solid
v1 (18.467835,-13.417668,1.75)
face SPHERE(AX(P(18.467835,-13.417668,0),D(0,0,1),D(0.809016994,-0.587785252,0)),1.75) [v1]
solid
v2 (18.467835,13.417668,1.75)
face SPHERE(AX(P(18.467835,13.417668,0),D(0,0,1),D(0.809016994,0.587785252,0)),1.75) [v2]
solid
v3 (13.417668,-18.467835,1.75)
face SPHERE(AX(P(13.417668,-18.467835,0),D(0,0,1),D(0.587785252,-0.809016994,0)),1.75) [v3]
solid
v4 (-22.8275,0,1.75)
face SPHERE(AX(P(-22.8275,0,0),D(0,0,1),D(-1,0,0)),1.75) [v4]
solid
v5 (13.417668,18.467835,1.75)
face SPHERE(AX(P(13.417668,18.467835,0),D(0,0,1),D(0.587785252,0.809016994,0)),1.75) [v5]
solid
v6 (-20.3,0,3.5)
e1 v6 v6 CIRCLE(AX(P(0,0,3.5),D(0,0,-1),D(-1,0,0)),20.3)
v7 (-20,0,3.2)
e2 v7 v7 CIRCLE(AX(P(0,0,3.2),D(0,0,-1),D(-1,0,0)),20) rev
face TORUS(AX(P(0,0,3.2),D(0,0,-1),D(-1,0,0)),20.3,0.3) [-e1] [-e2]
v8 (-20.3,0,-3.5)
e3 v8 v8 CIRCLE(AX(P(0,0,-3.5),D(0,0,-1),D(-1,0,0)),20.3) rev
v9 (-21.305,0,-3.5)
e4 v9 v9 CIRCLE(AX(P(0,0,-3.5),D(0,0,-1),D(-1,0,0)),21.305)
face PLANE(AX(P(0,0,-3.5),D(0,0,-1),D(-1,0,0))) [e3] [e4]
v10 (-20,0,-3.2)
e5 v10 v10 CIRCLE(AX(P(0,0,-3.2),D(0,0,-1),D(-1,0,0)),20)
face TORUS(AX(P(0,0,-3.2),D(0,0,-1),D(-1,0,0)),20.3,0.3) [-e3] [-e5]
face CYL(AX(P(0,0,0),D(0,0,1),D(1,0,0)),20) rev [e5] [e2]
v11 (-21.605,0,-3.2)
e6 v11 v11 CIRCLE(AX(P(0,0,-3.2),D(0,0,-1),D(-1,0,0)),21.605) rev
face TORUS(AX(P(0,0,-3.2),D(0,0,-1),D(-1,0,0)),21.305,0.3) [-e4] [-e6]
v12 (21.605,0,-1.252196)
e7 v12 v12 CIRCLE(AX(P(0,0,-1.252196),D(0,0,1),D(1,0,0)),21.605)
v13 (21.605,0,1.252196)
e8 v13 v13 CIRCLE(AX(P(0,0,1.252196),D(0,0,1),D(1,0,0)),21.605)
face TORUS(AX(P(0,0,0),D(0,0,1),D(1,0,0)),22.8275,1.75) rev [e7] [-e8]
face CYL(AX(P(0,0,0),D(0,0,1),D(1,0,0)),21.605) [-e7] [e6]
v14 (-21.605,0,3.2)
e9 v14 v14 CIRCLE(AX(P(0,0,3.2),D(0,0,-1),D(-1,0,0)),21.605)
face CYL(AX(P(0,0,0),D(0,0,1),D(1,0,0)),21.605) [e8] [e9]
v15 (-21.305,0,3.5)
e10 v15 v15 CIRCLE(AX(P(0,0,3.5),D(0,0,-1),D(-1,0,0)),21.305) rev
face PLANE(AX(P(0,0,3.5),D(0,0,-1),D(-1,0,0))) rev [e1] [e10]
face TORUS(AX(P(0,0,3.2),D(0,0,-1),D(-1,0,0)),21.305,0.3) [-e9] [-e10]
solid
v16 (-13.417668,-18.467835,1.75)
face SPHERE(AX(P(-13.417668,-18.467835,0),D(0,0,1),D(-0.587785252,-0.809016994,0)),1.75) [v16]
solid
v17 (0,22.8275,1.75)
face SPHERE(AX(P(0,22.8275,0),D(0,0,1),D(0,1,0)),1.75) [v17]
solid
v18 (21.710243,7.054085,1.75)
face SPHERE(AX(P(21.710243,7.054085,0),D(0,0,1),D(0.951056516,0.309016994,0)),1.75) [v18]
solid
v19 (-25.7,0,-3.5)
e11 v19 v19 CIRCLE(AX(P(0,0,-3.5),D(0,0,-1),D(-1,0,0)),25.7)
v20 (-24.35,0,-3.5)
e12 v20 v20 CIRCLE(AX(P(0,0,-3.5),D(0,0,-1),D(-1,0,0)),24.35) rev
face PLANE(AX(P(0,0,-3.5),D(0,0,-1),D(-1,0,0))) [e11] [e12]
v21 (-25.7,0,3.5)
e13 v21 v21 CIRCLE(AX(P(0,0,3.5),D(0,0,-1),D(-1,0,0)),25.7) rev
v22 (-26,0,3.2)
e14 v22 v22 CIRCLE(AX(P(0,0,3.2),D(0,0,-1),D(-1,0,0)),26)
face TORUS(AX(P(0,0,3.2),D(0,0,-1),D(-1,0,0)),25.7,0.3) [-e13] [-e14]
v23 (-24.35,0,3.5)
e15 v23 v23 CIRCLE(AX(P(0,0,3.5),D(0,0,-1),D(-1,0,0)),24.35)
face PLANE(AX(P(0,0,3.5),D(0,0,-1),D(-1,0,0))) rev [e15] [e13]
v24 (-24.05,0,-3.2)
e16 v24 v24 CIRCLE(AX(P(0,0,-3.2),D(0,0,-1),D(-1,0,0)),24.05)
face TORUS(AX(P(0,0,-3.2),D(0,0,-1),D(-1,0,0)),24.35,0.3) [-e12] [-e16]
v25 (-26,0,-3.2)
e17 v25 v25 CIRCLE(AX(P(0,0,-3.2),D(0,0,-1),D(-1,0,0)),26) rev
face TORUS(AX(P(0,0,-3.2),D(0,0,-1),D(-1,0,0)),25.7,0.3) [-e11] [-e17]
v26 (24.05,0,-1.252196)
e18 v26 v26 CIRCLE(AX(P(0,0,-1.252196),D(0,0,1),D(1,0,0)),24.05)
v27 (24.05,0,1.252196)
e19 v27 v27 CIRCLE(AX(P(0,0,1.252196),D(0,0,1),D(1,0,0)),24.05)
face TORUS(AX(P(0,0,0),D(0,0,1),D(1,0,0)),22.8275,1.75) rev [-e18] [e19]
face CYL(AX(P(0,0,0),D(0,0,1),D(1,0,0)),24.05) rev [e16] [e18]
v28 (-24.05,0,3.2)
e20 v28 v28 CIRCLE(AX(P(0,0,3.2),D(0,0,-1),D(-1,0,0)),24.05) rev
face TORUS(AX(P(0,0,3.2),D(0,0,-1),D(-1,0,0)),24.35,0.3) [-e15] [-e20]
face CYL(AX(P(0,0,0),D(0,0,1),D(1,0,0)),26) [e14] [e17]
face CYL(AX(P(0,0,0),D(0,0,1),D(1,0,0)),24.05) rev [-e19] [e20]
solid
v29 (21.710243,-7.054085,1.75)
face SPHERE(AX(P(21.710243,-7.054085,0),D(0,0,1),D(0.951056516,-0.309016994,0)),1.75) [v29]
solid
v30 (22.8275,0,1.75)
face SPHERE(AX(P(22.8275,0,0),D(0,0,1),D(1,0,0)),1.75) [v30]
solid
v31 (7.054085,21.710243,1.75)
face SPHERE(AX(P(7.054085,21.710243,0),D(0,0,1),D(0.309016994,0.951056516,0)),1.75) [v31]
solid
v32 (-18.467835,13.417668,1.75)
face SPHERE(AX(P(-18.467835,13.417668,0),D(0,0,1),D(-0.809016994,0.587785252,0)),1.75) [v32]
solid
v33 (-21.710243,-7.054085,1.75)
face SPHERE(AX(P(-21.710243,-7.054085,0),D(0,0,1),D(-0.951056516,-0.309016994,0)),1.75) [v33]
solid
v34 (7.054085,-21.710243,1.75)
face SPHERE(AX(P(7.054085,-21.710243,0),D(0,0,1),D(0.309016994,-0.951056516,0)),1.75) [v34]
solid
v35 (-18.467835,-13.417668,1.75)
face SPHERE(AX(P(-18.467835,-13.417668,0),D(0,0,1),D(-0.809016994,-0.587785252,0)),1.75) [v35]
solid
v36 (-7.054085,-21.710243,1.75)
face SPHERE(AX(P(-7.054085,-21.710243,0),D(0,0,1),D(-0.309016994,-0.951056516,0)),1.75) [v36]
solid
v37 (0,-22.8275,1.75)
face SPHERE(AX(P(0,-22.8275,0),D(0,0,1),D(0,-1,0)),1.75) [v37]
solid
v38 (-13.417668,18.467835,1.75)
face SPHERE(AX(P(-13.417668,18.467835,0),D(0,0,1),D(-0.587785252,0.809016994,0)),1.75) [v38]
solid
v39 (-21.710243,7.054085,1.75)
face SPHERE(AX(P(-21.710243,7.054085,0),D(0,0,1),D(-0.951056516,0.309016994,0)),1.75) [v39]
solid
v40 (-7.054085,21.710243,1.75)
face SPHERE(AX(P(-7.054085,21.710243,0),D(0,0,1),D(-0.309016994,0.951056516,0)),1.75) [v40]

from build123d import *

# Parameters (mm, degrees)
KREISMUSTER4_COUNT = 20
VERRUNDUNG1_R      = 0.3
VERRUNDUNG2_R      = 0.3


with BuildPart() as part:
    # Skizze1 → Rotation1 (revolve)
    with BuildSketch(Plane(origin=(0, 0, 0), x_dir=(0, 0, -1), z_dir=(1, 0, 0))):
        with BuildLine():
            Line((3.5, 26), (-3.5, 26))
            Line((-3.5, 26), (-3.5, 24.05))
            Line((-3.5, 24.05), (-1.252195572, 24.05))
            ThreePointArc((-1.252195572, 24.05), (0, 24.5775), (1.252195572, 24.05))
            Line((1.252195572, 24.05), (3.5, 24.05))
            Line((3.5, 24.05), (3.5, 26))
        make_face()
        with BuildLine():
            ThreePointArc((1.252195572, 21.605), (0, 21.0775), (-1.252195572, 21.605))
            Line((-1.252195572, 21.605), (-3.5, 21.605))
            Line((-3.5, 21.605), (-3.5, 20))
            Line((-3.5, 20), (3.5, 20))
            Line((3.5, 20), (3.5, 21.605))
            Line((3.5, 21.605), (1.252195572, 21.605))
        make_face()
    revolve(axis=Axis((0, 0, 0), (0, 0, -1)))

    # Verrundung1
    verrundung1_edges = [part.edges().sort_by_distance(p)[0] for p in [
        (0, -24.05, -3.5),
        (0, -24.05, 3.5),
        (0, -26, -3.5),
        (0, -26, 3.5),
    ]]
    fillet(verrundung1_edges, radius=VERRUNDUNG1_R)

    # Verrundung2
    verrundung2_edges = [part.edges().sort_by_distance(p)[0] for p in [
        (0, -21.605, -3.5),
        (0, -20, -3.5),
        (0, -21.605, 3.5),
        (0, -20, 3.5),
    ]]
    fillet(verrundung2_edges, radius=VERRUNDUNG2_R)


with BuildPart() as body_2:
    # Skizze1<5> → Rotation3 (revolve)
    with BuildSketch(Plane(origin=(0, 0, 0), x_dir=(0, 0, -1), z_dir=(1, 0, 0))):
        with BuildLine():
            ThreePointArc((1.252195572, 24.05), (0, 24.5775), (-1.252195572, 24.05))
            ThreePointArc((-1.252195572, 24.05), (-1.620777938, 23.487483996), (-1.75, 22.8275))
            Line((-1.75, 22.8275), (1.75, 22.8275))
            ThreePointArc((1.75, 22.8275), (1.620777938, 23.487483996), (1.252195572, 24.05))
        make_face()
    revolve(axis=Axis((0, 22.8275, 1.75), (0, 0, -1)))


with BuildPart() as kreismuster4_1:
    # Kreismuster4: pattern copy
    add(body_2.part.rotate(Axis((0, 0, -3.5), (0, 0, 1)), 1 * 360 / KREISMUSTER4_COUNT))


with BuildPart() as kreismuster4_2:
    # Kreismuster4: pattern copy
    add(body_2.part.rotate(Axis((0, 0, -3.5), (0, 0, 1)), 2 * 360 / KREISMUSTER4_COUNT))


with BuildPart() as kreismuster4_3:
    # Kreismuster4: pattern copy
    add(body_2.part.rotate(Axis((0, 0, -3.5), (0, 0, 1)), 3 * 360 / KREISMUSTER4_COUNT))


with BuildPart() as kreismuster4_4:
    # Kreismuster4: pattern copy
    add(body_2.part.rotate(Axis((0, 0, -3.5), (0, 0, 1)), 4 * 360 / KREISMUSTER4_COUNT))


with BuildPart() as kreismuster4_5:
    # Kreismuster4: pattern copy
    add(body_2.part.rotate(Axis((0, 0, -3.5), (0, 0, 1)), 5 * 360 / KREISMUSTER4_COUNT))


with BuildPart() as kreismuster4_6:
    # Kreismuster4: pattern copy
    add(body_2.part.rotate(Axis((0, 0, -3.5), (0, 0, 1)), 6 * 360 / KREISMUSTER4_COUNT))


with BuildPart() as kreismuster4_7:
    # Kreismuster4: pattern copy
    add(body_2.part.rotate(Axis((0, 0, -3.5), (0, 0, 1)), 7 * 360 / KREISMUSTER4_COUNT))


with BuildPart() as kreismuster4_8:
    # Kreismuster4: pattern copy
    add(body_2.part.rotate(Axis((0, 0, -3.5), (0, 0, 1)), 8 * 360 / KREISMUSTER4_COUNT))


with BuildPart() as kreismuster4_9:
    # Kreismuster4: pattern copy
    add(body_2.part.rotate(Axis((0, 0, -3.5), (0, 0, 1)), 9 * 360 / KREISMUSTER4_COUNT))


with BuildPart() as kreismuster4_10:
    # Kreismuster4: pattern copy
    add(body_2.part.rotate(Axis((0, 0, -3.5), (0, 0, 1)), 10 * 360 / KREISMUSTER4_COUNT))


with BuildPart() as kreismuster4_11:
    # Kreismuster4: pattern copy
    add(body_2.part.rotate(Axis((0, 0, -3.5), (0, 0, 1)), 11 * 360 / KREISMUSTER4_COUNT))


with BuildPart() as kreismuster4_12:
    # Kreismuster4: pattern copy
    add(body_2.part.rotate(Axis((0, 0, -3.5), (0, 0, 1)), 12 * 360 / KREISMUSTER4_COUNT))


with BuildPart() as kreismuster4_13:
    # Kreismuster4: pattern copy
    add(body_2.part.rotate(Axis((0, 0, -3.5), (0, 0, 1)), 13 * 360 / KREISMUSTER4_COUNT))


with BuildPart() as kreismuster4_14:
    # Kreismuster4: pattern copy
    add(body_2.part.rotate(Axis((0, 0, -3.5), (0, 0, 1)), 14 * 360 / KREISMUSTER4_COUNT))


with BuildPart() as kreismuster4_15:
    # Kreismuster4: pattern copy
    add(body_2.part.rotate(Axis((0, 0, -3.5), (0, 0, 1)), 15 * 360 / KREISMUSTER4_COUNT))


with BuildPart() as kreismuster4_16:
    # Kreismuster4: pattern copy
    add(body_2.part.rotate(Axis((0, 0, -3.5), (0, 0, 1)), 16 * 360 / KREISMUSTER4_COUNT))


with BuildPart() as kreismuster4_17:
    # Kreismuster4: pattern copy
    add(body_2.part.rotate(Axis((0, 0, -3.5), (0, 0, 1)), 17 * 360 / KREISMUSTER4_COUNT))


with BuildPart() as kreismuster4_18:
    # Kreismuster4: pattern copy
    add(body_2.part.rotate(Axis((0, 0, -3.5), (0, 0, 1)), 18 * 360 / KREISMUSTER4_COUNT))


with BuildPart() as kreismuster4_19:
    # Kreismuster4: pattern copy
    add(body_2.part.rotate(Axis((0, 0, -3.5), (0, 0, 1)), 19 * 360 / KREISMUSTER4_COUNT))


solid = Compound([part.part, body_2.part, kreismuster4_1.part, kreismuster4_2.part, kreismuster4_3.part, kreismuster4_4.part, kreismuster4_5.part, kreismuster4_6.part, kreismuster4_7.part, kreismuster4_8.part, kreismuster4_9.part, kreismuster4_10.part, kreismuster4_11.part, kreismuster4_12.part, kreismuster4_13.part, kreismuster4_14.part, kreismuster4_15.part, kreismuster4_16.part, kreismuster4_17.part, kreismuster4_18.part, kreismuster4_19.part])
